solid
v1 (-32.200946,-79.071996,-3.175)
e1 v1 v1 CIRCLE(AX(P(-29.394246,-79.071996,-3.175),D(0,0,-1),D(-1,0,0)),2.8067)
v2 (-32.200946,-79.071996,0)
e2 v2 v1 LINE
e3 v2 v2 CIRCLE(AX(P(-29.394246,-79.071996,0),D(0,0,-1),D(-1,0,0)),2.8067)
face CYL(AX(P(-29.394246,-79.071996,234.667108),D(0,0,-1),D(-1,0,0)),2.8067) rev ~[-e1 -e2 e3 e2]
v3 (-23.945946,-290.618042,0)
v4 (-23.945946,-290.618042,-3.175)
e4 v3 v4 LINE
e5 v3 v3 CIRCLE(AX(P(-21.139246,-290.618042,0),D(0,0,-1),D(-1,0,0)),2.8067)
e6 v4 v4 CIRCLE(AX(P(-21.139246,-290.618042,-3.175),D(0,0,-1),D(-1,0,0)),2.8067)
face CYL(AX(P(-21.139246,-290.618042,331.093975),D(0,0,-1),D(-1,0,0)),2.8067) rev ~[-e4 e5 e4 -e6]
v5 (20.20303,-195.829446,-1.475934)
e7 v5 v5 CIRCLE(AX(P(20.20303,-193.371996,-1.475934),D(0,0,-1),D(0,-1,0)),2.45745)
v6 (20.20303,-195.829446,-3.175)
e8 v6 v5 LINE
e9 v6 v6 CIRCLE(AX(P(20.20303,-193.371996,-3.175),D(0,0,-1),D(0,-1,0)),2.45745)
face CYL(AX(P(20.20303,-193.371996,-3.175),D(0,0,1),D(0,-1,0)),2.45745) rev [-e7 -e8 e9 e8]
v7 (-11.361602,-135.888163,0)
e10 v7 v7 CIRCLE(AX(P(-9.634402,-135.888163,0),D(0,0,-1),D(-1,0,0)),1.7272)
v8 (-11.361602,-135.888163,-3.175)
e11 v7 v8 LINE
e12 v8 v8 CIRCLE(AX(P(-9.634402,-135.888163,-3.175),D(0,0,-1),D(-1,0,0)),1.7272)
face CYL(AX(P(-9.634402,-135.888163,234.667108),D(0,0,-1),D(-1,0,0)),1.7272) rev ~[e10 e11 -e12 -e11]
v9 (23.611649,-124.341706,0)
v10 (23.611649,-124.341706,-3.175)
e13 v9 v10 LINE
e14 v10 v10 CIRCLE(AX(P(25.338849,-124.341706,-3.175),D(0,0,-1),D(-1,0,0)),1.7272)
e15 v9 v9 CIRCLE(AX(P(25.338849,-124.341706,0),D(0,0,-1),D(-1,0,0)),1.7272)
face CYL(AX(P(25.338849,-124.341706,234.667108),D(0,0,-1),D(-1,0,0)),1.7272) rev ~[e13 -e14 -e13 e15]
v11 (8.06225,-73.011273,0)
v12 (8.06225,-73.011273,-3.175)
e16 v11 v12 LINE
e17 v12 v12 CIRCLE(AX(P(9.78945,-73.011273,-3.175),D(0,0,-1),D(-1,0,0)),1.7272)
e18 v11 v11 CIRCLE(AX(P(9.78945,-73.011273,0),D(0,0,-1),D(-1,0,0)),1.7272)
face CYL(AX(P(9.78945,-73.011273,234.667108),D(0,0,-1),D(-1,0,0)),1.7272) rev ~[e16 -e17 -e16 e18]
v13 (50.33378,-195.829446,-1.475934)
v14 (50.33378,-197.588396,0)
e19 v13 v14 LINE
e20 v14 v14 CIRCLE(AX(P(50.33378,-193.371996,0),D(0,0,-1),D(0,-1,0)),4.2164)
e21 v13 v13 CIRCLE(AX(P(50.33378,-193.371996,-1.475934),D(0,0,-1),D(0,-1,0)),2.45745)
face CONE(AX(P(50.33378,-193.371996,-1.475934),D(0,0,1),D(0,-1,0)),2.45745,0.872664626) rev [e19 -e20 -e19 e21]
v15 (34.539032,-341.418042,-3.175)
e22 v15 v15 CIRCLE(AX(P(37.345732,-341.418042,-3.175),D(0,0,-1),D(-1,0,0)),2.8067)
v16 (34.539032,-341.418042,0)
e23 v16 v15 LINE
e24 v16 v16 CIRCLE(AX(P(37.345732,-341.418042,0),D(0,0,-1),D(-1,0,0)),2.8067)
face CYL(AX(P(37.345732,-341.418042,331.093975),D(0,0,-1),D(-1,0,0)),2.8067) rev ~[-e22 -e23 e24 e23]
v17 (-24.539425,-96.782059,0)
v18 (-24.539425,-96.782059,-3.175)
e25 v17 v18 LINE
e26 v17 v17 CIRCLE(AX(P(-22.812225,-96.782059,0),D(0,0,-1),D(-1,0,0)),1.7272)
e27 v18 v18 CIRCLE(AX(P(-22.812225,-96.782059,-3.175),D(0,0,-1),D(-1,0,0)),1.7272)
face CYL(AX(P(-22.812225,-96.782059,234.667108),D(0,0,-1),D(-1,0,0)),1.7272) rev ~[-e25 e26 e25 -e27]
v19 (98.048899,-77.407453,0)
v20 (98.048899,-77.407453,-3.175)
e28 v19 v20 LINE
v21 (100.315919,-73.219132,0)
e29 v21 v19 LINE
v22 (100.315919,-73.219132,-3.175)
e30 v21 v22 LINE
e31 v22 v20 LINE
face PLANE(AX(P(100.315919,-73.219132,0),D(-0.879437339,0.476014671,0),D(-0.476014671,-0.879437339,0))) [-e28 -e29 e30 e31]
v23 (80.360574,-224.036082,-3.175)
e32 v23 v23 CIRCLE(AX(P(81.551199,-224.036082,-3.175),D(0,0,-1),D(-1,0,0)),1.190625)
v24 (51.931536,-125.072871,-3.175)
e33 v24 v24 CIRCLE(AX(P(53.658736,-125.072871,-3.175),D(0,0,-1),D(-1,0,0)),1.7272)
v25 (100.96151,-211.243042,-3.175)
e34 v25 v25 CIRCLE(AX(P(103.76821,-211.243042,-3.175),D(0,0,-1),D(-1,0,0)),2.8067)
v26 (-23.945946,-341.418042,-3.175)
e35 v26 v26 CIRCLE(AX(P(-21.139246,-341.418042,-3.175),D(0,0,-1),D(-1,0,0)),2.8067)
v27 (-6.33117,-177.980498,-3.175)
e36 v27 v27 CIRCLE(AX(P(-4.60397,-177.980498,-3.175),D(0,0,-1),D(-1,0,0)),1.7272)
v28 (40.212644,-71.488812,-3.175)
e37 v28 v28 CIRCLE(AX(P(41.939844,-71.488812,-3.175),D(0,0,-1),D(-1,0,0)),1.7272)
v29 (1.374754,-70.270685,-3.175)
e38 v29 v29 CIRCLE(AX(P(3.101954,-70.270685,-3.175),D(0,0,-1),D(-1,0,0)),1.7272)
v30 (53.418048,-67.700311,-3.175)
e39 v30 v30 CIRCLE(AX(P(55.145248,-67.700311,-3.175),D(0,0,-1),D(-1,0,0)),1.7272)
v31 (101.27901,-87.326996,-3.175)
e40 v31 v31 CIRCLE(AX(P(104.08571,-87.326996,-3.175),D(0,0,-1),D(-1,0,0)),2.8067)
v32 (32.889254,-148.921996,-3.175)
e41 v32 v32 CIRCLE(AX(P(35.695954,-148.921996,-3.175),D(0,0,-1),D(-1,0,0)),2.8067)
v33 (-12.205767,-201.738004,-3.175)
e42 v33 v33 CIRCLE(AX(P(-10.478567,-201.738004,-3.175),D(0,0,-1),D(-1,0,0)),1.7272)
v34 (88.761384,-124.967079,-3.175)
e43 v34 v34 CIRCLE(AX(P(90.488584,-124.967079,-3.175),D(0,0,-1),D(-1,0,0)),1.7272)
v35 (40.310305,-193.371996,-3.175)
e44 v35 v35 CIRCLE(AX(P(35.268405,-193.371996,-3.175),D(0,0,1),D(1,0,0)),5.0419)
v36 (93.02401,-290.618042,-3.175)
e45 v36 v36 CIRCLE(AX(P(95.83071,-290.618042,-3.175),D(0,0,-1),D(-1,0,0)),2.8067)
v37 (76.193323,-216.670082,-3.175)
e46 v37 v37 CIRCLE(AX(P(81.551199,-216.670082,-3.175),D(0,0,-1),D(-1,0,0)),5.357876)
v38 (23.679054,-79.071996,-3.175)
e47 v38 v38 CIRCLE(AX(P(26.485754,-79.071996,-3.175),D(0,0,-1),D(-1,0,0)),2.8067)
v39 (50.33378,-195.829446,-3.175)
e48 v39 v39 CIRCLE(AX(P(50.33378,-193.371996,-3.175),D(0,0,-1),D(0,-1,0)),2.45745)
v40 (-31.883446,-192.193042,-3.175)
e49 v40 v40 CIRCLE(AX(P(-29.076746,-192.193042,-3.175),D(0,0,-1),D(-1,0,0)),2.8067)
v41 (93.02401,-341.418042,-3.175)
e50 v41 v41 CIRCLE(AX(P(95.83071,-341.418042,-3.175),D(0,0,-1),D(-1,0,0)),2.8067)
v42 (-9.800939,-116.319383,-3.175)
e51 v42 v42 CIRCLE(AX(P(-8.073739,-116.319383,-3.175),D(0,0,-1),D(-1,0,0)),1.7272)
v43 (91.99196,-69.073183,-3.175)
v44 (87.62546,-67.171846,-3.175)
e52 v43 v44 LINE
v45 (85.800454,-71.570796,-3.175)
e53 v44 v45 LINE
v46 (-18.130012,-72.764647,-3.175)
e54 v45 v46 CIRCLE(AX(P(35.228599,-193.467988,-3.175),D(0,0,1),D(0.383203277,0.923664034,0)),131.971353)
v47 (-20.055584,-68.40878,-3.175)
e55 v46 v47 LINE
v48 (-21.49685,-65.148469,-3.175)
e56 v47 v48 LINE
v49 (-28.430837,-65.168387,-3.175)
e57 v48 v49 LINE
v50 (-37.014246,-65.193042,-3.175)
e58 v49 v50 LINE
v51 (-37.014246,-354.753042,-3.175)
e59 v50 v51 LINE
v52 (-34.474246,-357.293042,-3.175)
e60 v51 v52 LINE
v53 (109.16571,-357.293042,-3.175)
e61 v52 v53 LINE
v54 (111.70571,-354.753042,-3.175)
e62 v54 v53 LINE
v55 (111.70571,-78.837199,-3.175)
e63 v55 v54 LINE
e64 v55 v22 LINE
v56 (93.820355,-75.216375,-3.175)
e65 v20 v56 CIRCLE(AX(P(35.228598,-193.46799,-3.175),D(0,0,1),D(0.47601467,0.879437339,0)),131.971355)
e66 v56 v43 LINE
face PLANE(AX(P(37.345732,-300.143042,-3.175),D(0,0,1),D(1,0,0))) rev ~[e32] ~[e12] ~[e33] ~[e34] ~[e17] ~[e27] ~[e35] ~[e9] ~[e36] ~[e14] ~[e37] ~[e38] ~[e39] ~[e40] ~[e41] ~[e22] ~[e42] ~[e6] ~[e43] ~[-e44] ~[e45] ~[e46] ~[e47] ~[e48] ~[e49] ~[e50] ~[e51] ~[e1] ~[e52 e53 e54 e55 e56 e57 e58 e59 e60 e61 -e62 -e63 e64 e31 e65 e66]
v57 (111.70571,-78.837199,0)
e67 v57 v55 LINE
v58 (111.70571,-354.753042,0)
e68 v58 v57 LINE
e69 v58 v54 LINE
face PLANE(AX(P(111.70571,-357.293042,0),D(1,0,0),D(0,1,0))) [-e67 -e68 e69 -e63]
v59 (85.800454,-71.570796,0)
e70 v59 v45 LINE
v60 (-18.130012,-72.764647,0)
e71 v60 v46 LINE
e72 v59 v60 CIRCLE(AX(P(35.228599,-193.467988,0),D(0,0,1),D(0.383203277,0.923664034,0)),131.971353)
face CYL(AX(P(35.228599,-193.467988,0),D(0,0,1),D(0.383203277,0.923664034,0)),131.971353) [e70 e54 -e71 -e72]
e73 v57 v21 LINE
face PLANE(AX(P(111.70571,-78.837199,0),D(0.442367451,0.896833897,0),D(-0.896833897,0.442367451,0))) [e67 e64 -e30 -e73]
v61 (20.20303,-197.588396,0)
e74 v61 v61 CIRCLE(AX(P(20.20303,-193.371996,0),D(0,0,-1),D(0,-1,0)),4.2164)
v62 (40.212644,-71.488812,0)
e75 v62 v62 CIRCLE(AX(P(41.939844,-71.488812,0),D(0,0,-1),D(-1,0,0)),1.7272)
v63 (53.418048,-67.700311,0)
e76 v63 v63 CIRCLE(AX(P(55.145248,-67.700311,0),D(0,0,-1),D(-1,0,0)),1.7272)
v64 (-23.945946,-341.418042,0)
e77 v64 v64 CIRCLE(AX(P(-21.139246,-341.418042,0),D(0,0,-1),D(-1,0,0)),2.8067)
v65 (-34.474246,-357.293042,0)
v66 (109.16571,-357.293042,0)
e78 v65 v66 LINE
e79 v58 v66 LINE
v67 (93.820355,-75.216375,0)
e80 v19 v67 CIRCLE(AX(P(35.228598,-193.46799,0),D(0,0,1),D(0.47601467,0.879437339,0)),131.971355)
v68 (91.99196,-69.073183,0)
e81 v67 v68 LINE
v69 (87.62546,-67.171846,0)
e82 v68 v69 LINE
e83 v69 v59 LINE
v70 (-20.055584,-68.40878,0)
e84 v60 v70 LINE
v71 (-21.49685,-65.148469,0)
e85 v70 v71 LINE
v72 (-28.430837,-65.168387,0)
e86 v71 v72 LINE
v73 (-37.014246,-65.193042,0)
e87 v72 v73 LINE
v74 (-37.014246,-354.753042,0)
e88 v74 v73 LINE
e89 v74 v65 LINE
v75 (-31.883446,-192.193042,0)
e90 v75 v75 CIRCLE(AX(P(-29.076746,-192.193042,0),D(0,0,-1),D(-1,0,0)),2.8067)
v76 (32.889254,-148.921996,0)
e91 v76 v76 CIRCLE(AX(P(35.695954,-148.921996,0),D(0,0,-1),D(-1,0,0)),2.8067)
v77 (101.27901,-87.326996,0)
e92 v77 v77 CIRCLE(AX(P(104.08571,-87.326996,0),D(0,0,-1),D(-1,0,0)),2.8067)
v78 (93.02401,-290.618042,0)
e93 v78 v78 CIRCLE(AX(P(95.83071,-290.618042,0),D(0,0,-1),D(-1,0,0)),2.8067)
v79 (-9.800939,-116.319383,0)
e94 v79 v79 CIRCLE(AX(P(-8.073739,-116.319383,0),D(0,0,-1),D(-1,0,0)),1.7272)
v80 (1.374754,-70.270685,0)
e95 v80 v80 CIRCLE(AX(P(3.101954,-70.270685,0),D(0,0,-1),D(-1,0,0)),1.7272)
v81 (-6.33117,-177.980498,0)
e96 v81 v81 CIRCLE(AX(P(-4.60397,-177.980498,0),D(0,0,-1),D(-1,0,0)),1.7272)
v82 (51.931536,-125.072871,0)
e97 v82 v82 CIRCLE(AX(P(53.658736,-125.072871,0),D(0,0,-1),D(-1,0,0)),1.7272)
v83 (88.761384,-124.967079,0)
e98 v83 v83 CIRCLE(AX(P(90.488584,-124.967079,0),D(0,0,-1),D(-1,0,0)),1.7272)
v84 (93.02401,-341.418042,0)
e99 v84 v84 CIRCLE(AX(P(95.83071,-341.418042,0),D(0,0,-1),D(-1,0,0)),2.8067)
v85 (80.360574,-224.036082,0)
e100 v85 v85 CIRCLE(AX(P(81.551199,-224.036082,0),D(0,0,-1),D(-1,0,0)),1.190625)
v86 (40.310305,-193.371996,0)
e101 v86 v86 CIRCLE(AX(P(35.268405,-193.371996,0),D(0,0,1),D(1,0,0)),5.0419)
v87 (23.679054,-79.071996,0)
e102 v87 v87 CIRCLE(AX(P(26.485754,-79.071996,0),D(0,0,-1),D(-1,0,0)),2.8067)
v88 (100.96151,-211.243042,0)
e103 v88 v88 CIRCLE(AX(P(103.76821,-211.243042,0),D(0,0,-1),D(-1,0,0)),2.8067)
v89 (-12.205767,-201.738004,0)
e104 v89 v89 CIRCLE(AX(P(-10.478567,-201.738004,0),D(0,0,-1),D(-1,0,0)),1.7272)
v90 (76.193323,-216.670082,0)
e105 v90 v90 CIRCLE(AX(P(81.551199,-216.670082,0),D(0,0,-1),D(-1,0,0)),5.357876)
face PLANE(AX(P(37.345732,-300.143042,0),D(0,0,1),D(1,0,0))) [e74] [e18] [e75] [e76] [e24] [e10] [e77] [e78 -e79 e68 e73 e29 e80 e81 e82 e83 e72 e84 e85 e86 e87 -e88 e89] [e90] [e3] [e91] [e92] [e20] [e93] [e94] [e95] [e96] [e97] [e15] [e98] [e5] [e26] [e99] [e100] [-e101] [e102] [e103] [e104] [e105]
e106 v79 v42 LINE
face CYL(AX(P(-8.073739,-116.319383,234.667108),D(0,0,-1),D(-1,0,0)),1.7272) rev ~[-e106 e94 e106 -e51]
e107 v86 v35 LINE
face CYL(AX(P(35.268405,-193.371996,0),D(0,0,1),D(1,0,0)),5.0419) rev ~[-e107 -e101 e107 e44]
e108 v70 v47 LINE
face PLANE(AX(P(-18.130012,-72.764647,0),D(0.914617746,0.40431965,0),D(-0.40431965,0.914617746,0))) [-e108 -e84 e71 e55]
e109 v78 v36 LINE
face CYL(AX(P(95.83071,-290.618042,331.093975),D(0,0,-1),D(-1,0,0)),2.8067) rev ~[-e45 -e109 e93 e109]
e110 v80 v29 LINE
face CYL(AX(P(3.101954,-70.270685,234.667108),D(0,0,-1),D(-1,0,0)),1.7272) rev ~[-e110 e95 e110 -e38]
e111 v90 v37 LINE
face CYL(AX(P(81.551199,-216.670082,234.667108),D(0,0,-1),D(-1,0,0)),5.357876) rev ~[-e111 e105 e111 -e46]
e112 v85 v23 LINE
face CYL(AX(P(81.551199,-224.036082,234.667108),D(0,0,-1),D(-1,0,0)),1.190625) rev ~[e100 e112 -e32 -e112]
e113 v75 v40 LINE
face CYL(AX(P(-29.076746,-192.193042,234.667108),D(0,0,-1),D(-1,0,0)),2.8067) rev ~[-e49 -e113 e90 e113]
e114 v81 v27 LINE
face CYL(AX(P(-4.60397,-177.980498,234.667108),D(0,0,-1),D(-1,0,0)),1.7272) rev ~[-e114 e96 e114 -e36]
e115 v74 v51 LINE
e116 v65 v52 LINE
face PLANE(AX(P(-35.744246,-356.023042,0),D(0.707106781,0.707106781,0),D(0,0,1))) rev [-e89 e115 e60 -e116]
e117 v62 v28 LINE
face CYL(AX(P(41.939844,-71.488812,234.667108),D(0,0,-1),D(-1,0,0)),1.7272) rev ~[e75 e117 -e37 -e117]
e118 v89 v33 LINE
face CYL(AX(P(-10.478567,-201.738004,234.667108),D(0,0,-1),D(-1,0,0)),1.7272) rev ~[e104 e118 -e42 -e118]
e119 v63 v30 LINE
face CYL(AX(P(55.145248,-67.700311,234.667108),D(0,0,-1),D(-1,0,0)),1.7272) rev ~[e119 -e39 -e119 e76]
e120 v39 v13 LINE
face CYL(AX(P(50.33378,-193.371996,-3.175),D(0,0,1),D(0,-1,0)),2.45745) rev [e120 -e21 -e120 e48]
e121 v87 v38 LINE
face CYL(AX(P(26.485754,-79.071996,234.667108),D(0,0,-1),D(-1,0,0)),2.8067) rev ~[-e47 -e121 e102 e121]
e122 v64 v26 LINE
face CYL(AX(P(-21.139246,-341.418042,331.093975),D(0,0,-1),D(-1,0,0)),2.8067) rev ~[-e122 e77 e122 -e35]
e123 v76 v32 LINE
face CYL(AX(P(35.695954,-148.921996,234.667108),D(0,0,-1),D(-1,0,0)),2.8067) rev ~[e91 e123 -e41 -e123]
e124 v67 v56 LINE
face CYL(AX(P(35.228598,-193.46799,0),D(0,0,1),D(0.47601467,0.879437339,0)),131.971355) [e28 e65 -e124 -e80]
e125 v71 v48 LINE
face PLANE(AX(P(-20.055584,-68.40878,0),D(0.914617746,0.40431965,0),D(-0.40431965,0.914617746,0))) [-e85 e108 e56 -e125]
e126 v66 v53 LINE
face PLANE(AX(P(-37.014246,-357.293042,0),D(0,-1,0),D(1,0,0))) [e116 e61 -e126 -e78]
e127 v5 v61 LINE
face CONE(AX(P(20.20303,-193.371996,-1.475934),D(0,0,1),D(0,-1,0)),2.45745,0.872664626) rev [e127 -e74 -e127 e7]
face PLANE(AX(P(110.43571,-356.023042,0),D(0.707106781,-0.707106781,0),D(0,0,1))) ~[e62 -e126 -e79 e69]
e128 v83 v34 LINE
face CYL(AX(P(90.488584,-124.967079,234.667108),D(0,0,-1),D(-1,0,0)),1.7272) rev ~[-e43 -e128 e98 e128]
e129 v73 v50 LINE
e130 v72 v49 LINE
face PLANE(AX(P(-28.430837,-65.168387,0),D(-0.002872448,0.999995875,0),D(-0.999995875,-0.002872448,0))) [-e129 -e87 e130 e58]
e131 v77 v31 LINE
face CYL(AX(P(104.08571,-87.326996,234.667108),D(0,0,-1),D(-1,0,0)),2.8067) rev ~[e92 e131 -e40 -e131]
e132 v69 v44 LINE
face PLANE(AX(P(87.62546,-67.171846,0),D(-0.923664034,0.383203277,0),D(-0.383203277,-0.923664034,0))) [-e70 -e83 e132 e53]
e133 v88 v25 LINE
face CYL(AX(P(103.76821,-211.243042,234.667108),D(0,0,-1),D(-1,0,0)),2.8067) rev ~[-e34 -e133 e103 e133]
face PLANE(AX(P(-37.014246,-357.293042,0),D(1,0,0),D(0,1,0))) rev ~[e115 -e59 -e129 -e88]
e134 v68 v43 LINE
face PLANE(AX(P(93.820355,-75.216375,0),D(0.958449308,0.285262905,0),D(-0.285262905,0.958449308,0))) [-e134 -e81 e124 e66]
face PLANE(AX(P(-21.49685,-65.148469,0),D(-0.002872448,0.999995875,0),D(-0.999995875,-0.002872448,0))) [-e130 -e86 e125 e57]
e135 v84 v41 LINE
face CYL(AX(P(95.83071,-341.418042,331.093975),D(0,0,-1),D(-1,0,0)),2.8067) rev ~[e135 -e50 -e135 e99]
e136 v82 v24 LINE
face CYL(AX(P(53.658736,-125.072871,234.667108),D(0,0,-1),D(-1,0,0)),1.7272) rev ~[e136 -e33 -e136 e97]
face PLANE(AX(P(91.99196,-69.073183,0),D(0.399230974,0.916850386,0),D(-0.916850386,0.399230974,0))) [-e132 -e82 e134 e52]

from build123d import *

# Parameters (mm, degrees)
BOSS_EXTRUDE1_DEPTH                       = 3.175
SKETCH2_R                                 = 5.0419
CUT_EXTRUDE1_DEPTH                        = 4.175
F_4_CLEARANCE_HOLE1_D                     = 3.4544
F_10_CLEARANCE_HOLE1_D                    = 5.6134
F_4_CLEARANCE_HOLE2_D                     = 3.4544
F_27_64_0_42188_DIAMETER_HOLE1_D          = 10.715752
F_3_32_0_09375_DIAMETER_HOLE1_D           = 2.38125
F_10_CLEARANCE_HOLE2_D                    = 5.6134
SKETCH15_W                                = 148.719955274
SKETCH15_H                                = 114.3
BOSS_EXTRUDE2_DEPTH                       = 3.175
CHAMFER1_SIZE                             = 2.54
F_10_CLEARANCE_HOLE3_D                    = 5.6134
CSK_FOR_8_FLAT_HEAD_MACHINE_SCREW_2_COUNT = 2
CSK_FOR_8_FLAT_HEAD_MACHINE_SCREW_2_PITCH = 30.13075


with BuildPart() as part:
    # Sketch1 → Boss-Extrude1 (new body)
    with BuildSketch(Plane.XY):
        with BuildLine():
            Line((-37.014245685, -65.193042462), (-37.014245685, -242.993042462))
            Line((-37.014245685, -242.993042462), (111.705709589, -242.993042462))
            Line((111.705709589, -242.993042462), (111.705709589, -78.837199032))
            Line((111.705709589, -78.837199032), (100.315919098, -73.219132409))
            Line((100.315919098, -73.219132409), (98.04889923, -77.407452736))
            ThreePointArc((98.04889923, -77.407452736), (95.944511883, -76.292837527), (93.820355363, -75.216374688))
            Line((93.820355363, -75.216374688), (91.991959695, -69.073183497))
            Line((91.991959695, -69.073183497), (87.625459733, -67.171845985))
            Line((87.625459733, -67.171845985), (85.800454124, -71.570795948))
            ThreePointArc((85.800454124, -71.570795948), (33.712742218, -61.505341345), (-18.130011823, -72.76464689))
            Line((-18.130011823, -72.76464689), (-20.055584156, -68.408779876))
            Line((-20.055584156, -68.408779876), (-21.49685031, -65.148469374))
            Line((-21.49685031, -65.148469374), (-28.430836618, -65.168386968))
            Line((-28.430836618, -65.168386968), (-37.014245685, -65.193042462))
        make_face()
    extrude(amount=-BOSS_EXTRUDE1_DEPTH)

    # Sketch2 → Cut-Extrude1 (cut, through all)
    with BuildSketch(Plane.XY):
        with Locations((35.268404938, -193.371995598)):
            Circle(SKETCH2_R)
    extrude(amount=-CUT_EXTRUDE1_DEPTH, mode=Mode.SUBTRACT)

    # #4 Clearance Hole1 (through all)
    with Locations(Plane.XY):
        with Locations((41.939844363, -71.488811907), (9.789450293, -73.011273216), (90.488583573, -124.967078721), (53.658735514, -125.072870965), (25.338848707, -124.341705755), (-9.634401538, -135.888162669), (55.145248163, -67.700310852), (3.101953943, -70.270684884)):
            Hole(F_4_CLEARANCE_HOLE1_D / 2)

    # #10 Clearance Hole1 (through all)
    with Locations(Plane.XY):
        with Locations((-29.394245685, -79.071995598), (104.085709589, -87.326995598), (35.695953558, -148.921995598), (26.485754315, -79.071995598)):
            Hole(F_10_CLEARANCE_HOLE1_D / 2)

    # #4 Clearance Hole2 (through all)
    with Locations(Plane.XY):
        with Locations((-8.073739309, -116.319383279), (-22.812224861, -96.782058908), (-10.478566815, -201.738004366), (-4.603970045, -177.980497914)):
            Hole(F_4_CLEARANCE_HOLE2_D / 2)

    # 27/64 (0.42188) Diameter Hole1 (through all)
    with Locations(Plane.XY):
        with Locations((81.551198953, -216.670082089)):
            Hole(F_27_64_0_42188_DIAMETER_HOLE1_D / 2)

    # 3/32 (0.09375) Diameter Hole1 (through all)
    with Locations(Plane.XY):
        with Locations((81.551198953, -224.036082089)):
            Hole(F_3_32_0_09375_DIAMETER_HOLE1_D / 2)

    # #10 Clearance Hole2 (through all)
    with Locations(Plane.XY):
        with Locations((-29.076745685, -192.193042462), (103.768209589, -211.243042462)):
            Hole(F_10_CLEARANCE_HOLE2_D / 2)

    # Sketch15 → Boss-Extrude2 (add, through all)
    with BuildSketch(Plane.XY):
        with Locations((37.345731952, -300.143042462)):
            Rectangle(SKETCH15_W, SKETCH15_H)
    extrude(amount=-BOSS_EXTRUDE2_DEPTH)

    # Chamfer1
    chamfer1_edges = [part.edges().sort_by_distance(p)[0] for p in [
        (-37.014245685, -357.293042462, -1.5875),
        (111.705709589, -357.293042462, -1.5875),
    ]]
    chamfer(chamfer1_edges, length=CHAMFER1_SIZE)

    # #10 Clearance Hole3 (through all)
    with Locations(Plane.XY):
        with Locations((95.830709589, -341.418042462), (37.345731952, -341.418042462), (-21.139245685, -341.418042462), (95.830709589, -290.618042462), (-21.139245685, -290.618042462)):
            Hole(F_10_CLEARANCE_HOLE3_D / 2)

    # Sketch19 → CSK for #8 Flat Head Machine Screw (100)2 (revolve, cut)
    with BuildSketch(Plane(origin=(20.203029938, -193.371995598, 0), x_dir=(0, -1, 0), z_dir=(1, 0, 0))):
        Polygon((0, 0), (0, 3.175), (2.45745, 3.175), (2.45745, 1.475934296), (4.2164, 0), align=None)
    csk_for_8_flat_head_machine_screw_100 = revolve(axis=Axis((20.203029938, -193.371995598, 6.35), (0, 0, -1)), mode=Mode.SUBTRACT)

    # CSK for _8 Flat Head Machine Screw _ 2: CSK for #8 Flat Head Machine Screw (100)2 ×2
    with Locations(*[(i * CSK_FOR_8_FLAT_HEAD_MACHINE_SCREW_2_PITCH, 0, 0) for i in range(1, CSK_FOR_8_FLAT_HEAD_MACHINE_SCREW_2_COUNT)]):
        add(csk_for_8_flat_head_machine_screw_100, mode=Mode.SUBTRACT)


solid = part.part
